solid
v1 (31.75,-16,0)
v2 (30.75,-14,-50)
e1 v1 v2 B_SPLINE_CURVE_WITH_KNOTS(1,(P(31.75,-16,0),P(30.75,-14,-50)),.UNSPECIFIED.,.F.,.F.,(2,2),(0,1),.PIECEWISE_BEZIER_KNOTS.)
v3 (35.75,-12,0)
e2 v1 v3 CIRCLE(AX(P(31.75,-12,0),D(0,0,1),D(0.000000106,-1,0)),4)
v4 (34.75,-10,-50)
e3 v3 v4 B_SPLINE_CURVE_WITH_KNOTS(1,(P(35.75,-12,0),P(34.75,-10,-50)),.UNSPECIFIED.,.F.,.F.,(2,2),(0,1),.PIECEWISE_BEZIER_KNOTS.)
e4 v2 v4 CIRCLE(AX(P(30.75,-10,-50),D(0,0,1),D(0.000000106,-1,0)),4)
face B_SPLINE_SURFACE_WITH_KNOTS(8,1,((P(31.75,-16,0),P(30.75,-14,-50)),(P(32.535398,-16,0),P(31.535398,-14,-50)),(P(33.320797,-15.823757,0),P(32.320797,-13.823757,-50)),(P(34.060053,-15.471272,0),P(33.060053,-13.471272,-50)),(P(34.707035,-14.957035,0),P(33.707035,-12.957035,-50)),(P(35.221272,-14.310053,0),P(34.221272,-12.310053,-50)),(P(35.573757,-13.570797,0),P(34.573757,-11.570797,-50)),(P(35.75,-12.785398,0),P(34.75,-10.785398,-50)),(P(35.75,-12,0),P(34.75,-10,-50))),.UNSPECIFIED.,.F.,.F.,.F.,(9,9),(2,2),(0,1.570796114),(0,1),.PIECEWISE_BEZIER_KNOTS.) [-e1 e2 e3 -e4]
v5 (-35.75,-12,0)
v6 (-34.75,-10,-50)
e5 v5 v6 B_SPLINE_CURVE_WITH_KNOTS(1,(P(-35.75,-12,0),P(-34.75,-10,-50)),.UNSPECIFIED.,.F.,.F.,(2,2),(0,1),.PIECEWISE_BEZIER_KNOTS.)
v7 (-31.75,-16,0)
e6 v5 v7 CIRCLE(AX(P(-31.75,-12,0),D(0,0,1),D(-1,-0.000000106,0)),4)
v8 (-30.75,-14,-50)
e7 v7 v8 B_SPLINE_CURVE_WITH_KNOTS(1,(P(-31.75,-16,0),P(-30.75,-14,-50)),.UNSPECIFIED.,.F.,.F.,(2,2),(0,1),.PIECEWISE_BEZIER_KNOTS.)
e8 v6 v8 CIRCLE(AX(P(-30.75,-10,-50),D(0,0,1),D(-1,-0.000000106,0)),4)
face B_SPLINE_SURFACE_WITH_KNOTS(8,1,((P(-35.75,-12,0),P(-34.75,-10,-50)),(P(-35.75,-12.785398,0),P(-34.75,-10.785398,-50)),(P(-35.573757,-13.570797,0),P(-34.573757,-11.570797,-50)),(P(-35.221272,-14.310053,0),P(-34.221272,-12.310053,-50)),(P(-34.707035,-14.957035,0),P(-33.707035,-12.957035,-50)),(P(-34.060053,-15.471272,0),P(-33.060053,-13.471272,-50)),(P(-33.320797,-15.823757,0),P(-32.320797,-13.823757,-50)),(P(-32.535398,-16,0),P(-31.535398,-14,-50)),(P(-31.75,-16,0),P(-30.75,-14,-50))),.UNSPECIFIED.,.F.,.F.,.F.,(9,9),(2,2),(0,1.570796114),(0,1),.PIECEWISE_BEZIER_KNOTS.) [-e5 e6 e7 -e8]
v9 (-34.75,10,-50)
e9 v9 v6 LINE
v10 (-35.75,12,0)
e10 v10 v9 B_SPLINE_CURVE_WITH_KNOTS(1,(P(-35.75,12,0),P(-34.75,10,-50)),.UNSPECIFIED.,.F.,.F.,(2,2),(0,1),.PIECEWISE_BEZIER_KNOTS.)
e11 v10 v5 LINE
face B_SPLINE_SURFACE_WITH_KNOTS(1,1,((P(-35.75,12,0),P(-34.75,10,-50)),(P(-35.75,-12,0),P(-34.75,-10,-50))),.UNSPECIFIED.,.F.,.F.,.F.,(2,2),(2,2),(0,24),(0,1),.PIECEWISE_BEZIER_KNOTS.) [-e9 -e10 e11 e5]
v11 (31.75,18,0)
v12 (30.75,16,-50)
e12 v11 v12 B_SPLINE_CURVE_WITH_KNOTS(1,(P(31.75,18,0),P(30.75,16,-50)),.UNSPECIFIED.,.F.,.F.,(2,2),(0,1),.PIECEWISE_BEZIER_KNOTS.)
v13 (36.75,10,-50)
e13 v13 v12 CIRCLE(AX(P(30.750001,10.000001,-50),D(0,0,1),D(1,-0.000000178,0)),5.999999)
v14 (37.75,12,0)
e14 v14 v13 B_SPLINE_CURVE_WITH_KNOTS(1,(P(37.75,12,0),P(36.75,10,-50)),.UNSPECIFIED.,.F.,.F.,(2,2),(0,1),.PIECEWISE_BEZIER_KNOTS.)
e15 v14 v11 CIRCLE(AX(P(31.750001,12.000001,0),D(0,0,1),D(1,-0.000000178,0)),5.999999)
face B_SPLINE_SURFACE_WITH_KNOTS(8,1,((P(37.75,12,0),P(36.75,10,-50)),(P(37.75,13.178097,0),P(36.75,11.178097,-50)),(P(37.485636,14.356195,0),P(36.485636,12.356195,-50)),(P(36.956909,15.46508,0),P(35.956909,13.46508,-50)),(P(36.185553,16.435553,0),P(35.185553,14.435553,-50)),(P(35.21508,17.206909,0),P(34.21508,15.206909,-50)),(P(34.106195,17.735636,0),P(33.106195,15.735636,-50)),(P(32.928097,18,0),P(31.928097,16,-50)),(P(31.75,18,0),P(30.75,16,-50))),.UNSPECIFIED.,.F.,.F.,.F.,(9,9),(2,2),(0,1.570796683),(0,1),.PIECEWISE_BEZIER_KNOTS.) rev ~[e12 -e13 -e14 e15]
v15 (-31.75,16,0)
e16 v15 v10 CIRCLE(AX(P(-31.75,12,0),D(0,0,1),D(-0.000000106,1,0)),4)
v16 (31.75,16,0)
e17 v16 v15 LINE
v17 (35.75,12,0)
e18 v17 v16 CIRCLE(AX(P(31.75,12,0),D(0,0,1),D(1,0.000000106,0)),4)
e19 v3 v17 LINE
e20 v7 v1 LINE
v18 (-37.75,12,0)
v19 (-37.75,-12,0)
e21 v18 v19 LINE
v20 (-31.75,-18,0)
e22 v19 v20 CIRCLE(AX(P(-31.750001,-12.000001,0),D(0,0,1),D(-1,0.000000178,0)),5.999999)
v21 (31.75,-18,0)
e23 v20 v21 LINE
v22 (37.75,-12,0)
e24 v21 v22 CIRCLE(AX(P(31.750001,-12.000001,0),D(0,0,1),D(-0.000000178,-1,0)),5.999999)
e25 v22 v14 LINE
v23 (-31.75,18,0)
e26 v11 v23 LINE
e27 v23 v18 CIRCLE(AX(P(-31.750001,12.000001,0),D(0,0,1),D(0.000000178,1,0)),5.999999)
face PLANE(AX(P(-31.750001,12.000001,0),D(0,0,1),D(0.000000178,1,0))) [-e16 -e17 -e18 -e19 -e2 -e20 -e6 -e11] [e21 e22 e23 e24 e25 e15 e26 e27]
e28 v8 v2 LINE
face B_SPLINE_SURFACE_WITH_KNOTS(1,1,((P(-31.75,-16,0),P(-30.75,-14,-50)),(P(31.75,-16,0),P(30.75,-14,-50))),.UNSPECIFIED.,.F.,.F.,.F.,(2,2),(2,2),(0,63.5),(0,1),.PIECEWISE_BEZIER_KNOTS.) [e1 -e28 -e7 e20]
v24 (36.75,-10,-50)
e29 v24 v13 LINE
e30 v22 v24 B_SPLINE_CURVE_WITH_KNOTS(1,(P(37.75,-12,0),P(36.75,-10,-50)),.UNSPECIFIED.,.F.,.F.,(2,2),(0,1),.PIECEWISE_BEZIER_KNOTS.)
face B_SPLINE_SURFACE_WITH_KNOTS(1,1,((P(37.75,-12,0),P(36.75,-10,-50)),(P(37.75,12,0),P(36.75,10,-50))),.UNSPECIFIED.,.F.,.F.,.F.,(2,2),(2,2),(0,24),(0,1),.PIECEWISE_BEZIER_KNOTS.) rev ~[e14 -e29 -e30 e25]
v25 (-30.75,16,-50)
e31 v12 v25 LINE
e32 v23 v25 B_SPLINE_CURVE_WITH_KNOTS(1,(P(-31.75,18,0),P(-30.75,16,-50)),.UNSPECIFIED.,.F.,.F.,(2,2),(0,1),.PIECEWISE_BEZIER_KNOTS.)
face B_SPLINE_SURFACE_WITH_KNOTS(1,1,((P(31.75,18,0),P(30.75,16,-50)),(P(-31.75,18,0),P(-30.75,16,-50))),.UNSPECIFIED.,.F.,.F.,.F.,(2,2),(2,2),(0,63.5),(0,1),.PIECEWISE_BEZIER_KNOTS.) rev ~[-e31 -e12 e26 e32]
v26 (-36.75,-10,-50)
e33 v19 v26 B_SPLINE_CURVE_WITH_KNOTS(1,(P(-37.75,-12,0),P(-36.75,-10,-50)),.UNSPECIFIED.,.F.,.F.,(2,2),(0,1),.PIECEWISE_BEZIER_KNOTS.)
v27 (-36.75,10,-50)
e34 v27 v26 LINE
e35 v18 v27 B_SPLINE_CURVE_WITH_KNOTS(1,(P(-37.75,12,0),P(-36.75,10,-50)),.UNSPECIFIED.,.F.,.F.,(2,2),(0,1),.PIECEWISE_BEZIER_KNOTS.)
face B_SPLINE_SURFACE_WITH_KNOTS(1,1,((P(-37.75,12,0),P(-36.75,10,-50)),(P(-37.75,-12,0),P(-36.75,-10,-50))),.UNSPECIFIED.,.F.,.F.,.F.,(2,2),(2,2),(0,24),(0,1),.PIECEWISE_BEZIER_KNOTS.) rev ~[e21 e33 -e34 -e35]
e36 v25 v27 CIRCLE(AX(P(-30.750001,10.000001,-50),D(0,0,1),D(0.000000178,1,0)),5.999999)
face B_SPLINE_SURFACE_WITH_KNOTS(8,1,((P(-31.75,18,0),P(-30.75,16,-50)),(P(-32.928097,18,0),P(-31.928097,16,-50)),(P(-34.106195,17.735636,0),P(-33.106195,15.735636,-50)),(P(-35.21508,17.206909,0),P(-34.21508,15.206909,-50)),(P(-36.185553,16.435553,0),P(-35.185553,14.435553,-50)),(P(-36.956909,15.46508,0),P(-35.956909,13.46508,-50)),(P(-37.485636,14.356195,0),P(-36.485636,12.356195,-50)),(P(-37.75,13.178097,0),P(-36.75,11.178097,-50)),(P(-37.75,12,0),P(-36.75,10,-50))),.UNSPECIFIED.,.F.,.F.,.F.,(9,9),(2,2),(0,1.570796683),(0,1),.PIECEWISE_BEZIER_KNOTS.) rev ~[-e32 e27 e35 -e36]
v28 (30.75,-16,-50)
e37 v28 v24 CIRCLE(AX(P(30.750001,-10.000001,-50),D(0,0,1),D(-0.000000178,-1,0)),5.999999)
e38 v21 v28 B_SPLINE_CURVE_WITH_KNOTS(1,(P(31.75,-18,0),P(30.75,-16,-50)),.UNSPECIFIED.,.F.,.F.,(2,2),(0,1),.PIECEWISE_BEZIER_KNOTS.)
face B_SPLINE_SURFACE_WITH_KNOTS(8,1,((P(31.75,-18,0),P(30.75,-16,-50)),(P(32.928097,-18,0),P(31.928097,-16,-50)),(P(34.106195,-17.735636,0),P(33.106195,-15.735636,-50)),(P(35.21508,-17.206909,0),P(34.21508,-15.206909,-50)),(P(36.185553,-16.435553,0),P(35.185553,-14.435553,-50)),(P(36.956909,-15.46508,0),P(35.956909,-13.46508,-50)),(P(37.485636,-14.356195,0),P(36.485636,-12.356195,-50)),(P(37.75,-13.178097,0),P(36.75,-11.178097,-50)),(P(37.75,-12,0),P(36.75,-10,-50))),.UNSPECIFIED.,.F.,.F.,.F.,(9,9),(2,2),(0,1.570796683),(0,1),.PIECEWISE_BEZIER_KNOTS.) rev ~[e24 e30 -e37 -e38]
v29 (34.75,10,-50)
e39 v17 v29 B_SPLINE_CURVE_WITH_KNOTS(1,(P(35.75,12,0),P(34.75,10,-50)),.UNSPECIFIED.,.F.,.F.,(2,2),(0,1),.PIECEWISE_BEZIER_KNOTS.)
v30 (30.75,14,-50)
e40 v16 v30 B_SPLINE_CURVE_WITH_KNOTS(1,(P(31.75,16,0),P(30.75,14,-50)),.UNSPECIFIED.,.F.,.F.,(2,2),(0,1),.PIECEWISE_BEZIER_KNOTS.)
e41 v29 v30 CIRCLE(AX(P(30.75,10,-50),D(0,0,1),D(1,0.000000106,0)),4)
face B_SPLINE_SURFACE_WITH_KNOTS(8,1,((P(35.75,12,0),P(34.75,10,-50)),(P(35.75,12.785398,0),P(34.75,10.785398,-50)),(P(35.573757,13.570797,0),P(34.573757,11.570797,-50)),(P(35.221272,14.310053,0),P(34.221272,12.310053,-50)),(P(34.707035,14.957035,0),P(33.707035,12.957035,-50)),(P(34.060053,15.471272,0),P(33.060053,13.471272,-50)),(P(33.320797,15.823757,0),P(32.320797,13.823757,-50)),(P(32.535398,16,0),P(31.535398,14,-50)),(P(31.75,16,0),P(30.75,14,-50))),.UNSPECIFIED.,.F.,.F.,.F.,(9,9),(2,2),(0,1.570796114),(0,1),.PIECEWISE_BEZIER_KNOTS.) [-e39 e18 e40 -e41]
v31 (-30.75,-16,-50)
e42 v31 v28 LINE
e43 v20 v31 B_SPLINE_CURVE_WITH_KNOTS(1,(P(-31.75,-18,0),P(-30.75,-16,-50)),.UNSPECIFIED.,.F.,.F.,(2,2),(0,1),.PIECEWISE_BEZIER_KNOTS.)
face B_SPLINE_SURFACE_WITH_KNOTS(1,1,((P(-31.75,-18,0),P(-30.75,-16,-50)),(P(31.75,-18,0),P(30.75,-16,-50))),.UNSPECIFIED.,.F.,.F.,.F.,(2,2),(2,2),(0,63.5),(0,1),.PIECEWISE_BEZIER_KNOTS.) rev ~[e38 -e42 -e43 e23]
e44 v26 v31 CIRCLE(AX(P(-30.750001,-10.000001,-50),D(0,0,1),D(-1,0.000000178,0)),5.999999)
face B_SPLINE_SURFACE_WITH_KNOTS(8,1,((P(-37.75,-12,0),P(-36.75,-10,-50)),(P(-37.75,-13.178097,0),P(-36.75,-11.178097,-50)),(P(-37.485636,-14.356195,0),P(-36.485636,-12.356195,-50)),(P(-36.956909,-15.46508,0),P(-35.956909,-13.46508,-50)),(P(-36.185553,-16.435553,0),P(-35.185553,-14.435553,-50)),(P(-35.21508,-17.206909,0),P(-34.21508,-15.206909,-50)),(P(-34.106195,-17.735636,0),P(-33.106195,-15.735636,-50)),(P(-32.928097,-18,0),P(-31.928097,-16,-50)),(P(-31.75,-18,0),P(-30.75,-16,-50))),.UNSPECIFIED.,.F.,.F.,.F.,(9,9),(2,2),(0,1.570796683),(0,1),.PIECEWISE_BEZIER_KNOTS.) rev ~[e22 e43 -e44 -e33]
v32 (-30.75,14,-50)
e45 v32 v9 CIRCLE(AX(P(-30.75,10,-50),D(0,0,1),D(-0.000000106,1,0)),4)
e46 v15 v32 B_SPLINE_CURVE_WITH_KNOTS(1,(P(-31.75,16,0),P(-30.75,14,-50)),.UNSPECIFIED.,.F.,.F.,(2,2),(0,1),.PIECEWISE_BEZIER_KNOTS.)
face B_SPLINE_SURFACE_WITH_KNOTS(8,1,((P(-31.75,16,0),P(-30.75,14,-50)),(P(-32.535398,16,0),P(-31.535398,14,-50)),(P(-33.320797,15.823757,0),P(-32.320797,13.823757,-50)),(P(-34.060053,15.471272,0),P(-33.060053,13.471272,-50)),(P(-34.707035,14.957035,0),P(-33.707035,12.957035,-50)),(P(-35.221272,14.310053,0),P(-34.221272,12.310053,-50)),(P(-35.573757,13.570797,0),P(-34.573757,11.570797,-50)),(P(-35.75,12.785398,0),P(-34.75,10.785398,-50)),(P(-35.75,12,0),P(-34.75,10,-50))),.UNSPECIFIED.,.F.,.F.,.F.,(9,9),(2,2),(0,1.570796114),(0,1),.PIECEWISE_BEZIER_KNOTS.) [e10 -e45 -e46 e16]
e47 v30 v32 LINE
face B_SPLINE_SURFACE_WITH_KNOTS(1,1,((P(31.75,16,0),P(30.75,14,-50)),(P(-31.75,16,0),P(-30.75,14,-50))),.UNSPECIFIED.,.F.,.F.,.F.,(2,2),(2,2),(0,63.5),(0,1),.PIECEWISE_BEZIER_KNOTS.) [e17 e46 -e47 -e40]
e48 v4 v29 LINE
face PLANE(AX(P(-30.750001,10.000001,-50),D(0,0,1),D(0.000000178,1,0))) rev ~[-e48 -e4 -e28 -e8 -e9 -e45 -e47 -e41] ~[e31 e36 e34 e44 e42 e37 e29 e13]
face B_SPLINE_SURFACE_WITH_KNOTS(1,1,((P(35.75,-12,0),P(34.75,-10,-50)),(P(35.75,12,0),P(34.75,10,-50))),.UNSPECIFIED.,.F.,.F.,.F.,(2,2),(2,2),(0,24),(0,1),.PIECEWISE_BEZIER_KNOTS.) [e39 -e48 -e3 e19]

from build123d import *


with BuildPart() as f5:
    # F3 (on Top) → F5 section 0
    with BuildSketch(Plane.XY):
        with BuildLine():
            Line((31.75, 18), (-31.75, 18))
            ThreePointArc((-31.75, 18), (-35.992641, 16.242641), (-37.75, 12))
            Line((-37.75, 12), (-37.75, -12))
            ThreePointArc((-37.75, -12), (-35.992641, -16.242641), (-31.75, -18))
            Line((-31.75, -18), (31.75, -18))
            ThreePointArc((31.75, -18), (35.992641, -16.242641), (37.75, -12))
            Line((37.75, -12), (37.75, 12))
            ThreePointArc((37.75, 12), (35.992641, 16.242641), (31.75, 18))
        make_face()
    # F4 (on offset) → F5 section 1
    with BuildSketch(Plane.XY.offset(-50)):
        with BuildLine():
            Line((30.75, 16), (-30.75, 16))
            ThreePointArc((-30.75, 16), (-34.992641, 14.242641), (-36.75, 10))
            Line((-36.75, 10), (-36.75, -10))
            ThreePointArc((-36.75, -10), (-34.992641, -14.242641), (-30.75, -16))
            Line((-30.75, -16), (30.75, -16))
            ThreePointArc((30.75, -16), (34.992641, -14.242641), (36.75, -10))
            Line((36.75, -10), (36.75, 10))
            ThreePointArc((36.75, 10), (34.992641, 14.242641), (30.75, 16))
        make_face()
    loft()

    # F0 (on Top) → F6 section 0
    with BuildSketch(Plane.XY):
        with BuildLine():
            Line((31.75, 16), (-31.75, 16))
            ThreePointArc((-31.75, 16), (-34.578427, 14.828427), (-35.75, 12))
            Line((-35.75, 12), (-35.75, -12))
            ThreePointArc((-35.75, -12), (-34.578427, -14.828427), (-31.75, -16))
            Line((-31.75, -16), (31.75, -16))
            ThreePointArc((31.75, -16), (34.578427, -14.828427), (35.75, -12))
            Line((35.75, -12), (35.75, 12))
            ThreePointArc((35.75, 12), (34.578427, 14.828427), (31.75, 16))
        make_face()
    # F2 (on offset) → F6 section 1
    with BuildSketch(Plane.XY.offset(-50)):
        with BuildLine():
            Line((30.75, 14), (-30.75, 14))
            ThreePointArc((-30.75, 14), (-33.578427, 12.828427), (-34.75, 10))
            Line((-34.75, 10), (-34.75, -10))
            ThreePointArc((-34.75, -10), (-33.578427, -12.828427), (-30.75, -14))
            Line((-30.75, -14), (30.75, -14))
            ThreePointArc((30.75, -14), (33.578427, -12.828427), (34.75, -10))
            Line((34.75, -10), (34.75, 10))
            ThreePointArc((34.75, 10), (33.578427, 12.828427), (30.75, 14))
        make_face()
    loft(mode=Mode.SUBTRACT)


solid = f5.part
